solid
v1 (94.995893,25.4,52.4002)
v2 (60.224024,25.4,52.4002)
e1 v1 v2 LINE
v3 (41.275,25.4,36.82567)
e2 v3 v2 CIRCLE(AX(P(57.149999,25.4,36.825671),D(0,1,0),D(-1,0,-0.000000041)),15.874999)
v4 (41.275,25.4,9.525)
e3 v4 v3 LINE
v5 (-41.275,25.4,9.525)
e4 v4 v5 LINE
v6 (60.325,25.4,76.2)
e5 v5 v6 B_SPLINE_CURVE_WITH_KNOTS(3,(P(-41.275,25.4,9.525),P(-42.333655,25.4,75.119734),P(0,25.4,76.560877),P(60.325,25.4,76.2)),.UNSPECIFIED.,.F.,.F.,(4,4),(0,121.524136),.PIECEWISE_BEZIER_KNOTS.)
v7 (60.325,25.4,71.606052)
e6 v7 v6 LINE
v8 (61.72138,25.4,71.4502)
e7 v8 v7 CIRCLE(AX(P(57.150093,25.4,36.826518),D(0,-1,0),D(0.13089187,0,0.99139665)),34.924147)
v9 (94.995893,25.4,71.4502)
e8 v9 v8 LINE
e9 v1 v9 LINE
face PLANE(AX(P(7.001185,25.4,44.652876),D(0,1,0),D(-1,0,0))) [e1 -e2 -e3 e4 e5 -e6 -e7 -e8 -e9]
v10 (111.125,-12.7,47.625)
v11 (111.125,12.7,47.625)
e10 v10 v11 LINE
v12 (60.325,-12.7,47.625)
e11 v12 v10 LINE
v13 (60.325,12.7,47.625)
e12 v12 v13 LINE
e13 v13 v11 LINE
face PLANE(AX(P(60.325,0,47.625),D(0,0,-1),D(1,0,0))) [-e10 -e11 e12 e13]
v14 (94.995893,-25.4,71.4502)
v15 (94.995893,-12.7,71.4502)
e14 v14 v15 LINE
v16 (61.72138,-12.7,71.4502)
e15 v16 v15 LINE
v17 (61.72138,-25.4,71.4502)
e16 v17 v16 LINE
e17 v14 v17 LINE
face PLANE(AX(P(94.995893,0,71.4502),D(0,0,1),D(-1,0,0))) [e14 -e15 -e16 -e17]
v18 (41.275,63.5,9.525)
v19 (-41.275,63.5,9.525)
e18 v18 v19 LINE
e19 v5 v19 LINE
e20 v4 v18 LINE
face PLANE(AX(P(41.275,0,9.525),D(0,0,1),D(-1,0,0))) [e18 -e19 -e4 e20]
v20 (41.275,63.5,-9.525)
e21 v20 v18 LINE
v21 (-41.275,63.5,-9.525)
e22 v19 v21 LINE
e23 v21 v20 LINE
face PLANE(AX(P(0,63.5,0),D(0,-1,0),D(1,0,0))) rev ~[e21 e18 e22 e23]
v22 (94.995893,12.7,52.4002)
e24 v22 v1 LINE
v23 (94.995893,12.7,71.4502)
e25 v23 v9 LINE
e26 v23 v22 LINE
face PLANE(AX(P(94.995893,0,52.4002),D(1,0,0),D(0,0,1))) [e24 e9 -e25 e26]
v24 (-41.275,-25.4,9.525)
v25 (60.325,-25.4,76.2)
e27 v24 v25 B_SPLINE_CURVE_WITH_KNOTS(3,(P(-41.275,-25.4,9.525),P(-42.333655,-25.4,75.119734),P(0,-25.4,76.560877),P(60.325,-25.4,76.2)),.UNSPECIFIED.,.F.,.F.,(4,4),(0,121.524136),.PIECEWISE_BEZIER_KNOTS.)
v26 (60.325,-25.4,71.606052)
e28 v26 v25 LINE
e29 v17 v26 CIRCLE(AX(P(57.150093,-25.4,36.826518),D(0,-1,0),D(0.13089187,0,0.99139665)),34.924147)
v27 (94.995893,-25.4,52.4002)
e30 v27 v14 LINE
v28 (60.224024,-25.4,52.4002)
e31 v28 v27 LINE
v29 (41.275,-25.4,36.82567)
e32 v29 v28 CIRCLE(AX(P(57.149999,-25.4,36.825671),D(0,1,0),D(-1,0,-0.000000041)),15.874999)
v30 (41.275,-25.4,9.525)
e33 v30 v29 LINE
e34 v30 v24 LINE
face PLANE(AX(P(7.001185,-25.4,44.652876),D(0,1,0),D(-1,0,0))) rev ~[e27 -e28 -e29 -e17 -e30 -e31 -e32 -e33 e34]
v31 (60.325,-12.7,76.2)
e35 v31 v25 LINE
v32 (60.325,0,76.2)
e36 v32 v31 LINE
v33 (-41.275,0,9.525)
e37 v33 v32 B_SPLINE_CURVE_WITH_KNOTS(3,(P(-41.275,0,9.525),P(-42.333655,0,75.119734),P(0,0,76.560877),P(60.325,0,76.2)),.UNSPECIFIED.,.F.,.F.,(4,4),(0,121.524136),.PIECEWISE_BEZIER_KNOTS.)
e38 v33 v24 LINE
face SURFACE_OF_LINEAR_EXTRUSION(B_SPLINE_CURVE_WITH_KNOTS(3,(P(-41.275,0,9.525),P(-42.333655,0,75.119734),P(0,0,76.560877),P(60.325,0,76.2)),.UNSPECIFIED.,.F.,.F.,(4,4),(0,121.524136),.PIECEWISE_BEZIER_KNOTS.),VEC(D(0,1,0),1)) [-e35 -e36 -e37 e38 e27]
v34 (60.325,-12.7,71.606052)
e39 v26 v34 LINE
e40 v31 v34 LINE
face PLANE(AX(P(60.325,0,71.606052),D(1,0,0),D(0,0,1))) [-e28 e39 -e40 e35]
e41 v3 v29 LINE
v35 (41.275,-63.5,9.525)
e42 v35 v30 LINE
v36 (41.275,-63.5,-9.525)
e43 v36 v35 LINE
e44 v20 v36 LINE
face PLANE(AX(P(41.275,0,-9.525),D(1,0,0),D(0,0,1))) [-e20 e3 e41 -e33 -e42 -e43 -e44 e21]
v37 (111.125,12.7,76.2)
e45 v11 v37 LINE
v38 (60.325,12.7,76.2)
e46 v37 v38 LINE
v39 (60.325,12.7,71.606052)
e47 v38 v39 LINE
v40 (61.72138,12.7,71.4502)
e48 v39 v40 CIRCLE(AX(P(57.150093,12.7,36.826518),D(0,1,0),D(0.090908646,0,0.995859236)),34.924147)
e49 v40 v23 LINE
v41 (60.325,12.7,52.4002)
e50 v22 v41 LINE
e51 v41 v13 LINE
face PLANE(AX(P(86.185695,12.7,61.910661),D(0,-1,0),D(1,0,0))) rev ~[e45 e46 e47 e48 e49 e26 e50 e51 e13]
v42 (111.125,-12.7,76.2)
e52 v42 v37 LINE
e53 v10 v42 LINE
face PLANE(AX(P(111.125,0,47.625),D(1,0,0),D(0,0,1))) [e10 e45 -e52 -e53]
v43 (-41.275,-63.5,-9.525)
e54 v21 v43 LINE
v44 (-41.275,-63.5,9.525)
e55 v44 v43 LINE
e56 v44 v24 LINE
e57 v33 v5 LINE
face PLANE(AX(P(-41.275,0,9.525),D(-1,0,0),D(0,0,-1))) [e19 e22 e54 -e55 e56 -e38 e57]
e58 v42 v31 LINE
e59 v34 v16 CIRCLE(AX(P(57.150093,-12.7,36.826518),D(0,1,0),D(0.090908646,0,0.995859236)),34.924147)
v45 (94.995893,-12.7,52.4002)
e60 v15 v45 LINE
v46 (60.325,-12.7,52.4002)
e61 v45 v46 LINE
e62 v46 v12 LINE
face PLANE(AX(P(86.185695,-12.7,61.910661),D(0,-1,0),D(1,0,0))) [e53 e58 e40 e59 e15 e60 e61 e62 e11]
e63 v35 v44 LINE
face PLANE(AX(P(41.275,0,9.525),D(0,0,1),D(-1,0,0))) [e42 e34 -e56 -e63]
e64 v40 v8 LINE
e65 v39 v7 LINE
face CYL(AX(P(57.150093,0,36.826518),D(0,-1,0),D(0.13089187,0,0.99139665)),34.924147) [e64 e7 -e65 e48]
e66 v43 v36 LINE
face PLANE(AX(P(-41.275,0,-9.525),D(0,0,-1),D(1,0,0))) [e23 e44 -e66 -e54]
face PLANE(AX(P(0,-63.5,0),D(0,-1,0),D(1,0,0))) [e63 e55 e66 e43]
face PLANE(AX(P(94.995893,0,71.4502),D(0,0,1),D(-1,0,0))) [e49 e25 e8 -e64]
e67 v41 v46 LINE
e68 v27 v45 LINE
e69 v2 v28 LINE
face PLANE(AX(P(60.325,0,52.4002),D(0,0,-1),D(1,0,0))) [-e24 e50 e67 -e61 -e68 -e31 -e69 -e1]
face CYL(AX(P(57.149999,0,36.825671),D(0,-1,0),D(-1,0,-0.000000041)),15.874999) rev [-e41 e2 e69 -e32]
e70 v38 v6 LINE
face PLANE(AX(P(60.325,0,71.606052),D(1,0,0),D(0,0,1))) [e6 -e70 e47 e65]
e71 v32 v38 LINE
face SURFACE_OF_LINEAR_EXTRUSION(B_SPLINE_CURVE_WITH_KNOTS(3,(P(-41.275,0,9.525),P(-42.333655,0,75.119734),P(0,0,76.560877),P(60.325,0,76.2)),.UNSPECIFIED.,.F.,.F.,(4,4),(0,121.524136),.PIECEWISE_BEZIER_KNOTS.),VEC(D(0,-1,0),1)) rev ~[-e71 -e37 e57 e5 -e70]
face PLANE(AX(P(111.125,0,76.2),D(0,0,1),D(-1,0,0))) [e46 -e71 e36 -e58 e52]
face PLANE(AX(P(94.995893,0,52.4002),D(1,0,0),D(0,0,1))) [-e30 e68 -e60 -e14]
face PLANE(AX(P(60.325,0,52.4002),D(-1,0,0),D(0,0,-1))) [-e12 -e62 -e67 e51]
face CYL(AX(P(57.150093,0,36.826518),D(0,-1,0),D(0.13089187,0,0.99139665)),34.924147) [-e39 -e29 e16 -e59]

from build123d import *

# Parameters (mm, degrees)
F1_DEPTH = 63.5
F2_DEPTH = 25.4
F3_DEPTH = 25.4
F4_DEPTH = 25.4
F5_DEPTH = 12.7


with BuildPart() as f1:
    # F0 (on Front) → F1 (new body, symmetric)
    with BuildSketch(Plane.XZ):
        Polygon((22.225, 9.525), (-41.275, 9.525), (-41.275, -9.525), (41.275, -9.525), (41.275, 9.525), align=None)
    extrude(amount=F1_DEPTH, both=True)

    # F0 (on Front) → F2 (join, symmetric)
    with BuildSketch(Plane.XZ):
        with BuildLine():
            Line((22.225, 36.82567), (22.225, 9.525))
            Line((22.225, 9.525), (41.275, 9.525))
            Line((41.275, 9.525), (41.275, 36.82567))
            ThreePointArc((41.275, 36.82567), (47.069933, 49.089759), (60.224024, 52.4002))
            Line((60.224024, 52.4002), (60.325, 52.4002))
            Line((60.325, 52.4002), (60.325, 71.606052))
            ThreePointArc((60.325, 71.606052), (33.60357, 62.619491), (22.225, 36.82567))
        make_face()
    extrude(amount=F2_DEPTH, both=True)

    # F0 (on Front) → F3 (join, symmetric)
    with BuildSketch(Plane.XZ):
        with BuildLine():
            ThreePointArc((61.72138, 71.4502), (61.023974, 71.535149), (60.325, 71.606052))
            Line((60.325, 71.606052), (60.325, 52.4002))
            Line((60.325, 52.4002), (94.995893, 52.4002))
            Line((94.995893, 52.4002), (94.995893, 71.4502))
            Line((94.995893, 71.4502), (61.72138, 71.4502))
        make_face()
    extrude(amount=F3_DEPTH, both=True)

    # F0 (on Front) → F4 (join, symmetric)
    with BuildSketch(Plane.XZ):
        with BuildLine():
            add(Edge.make_bspline(
                [(-41.275, 9.525), (-42.333655, 75.119734), (0, 76.560877), (60.325, 76.2)],
                knots=[0, 0, 0, 0, 121.524136, 121.524136, 121.524136, 121.524136], degree=3))
            Line((-41.275, 9.525), (22.225, 9.525))
            Line((22.225, 9.525), (22.225, 36.82567))
            ThreePointArc((22.225, 36.82567), (33.60357, 62.619491), (60.325, 71.606052))
            Line((60.325, 71.606052), (60.325, 76.2))
        make_face()
    extrude(amount=F4_DEPTH, both=True)

    # F0 (on Front) → F5 (join, symmetric)
    with BuildSketch(Plane.XZ):
        with BuildLine():
            Line((111.125, 76.2), (60.325, 76.2))
            Line((60.325, 76.2), (60.325, 71.606052))
            ThreePointArc((60.325, 71.606052), (61.023974, 71.535149), (61.72138, 71.4502))
            Line((61.72138, 71.4502), (94.995893, 71.4502))
            Line((94.995893, 71.4502), (94.995893, 52.4002))
            Line((94.995893, 52.4002), (60.325, 52.4002))
            Line((60.325, 52.4002), (60.325, 47.625))
            Line((60.325, 47.625), (111.125, 47.625))
            Line((111.125, 47.625), (111.125, 76.2))
        make_face()
    extrude(amount=F5_DEPTH, both=True)


solid = f1.part
